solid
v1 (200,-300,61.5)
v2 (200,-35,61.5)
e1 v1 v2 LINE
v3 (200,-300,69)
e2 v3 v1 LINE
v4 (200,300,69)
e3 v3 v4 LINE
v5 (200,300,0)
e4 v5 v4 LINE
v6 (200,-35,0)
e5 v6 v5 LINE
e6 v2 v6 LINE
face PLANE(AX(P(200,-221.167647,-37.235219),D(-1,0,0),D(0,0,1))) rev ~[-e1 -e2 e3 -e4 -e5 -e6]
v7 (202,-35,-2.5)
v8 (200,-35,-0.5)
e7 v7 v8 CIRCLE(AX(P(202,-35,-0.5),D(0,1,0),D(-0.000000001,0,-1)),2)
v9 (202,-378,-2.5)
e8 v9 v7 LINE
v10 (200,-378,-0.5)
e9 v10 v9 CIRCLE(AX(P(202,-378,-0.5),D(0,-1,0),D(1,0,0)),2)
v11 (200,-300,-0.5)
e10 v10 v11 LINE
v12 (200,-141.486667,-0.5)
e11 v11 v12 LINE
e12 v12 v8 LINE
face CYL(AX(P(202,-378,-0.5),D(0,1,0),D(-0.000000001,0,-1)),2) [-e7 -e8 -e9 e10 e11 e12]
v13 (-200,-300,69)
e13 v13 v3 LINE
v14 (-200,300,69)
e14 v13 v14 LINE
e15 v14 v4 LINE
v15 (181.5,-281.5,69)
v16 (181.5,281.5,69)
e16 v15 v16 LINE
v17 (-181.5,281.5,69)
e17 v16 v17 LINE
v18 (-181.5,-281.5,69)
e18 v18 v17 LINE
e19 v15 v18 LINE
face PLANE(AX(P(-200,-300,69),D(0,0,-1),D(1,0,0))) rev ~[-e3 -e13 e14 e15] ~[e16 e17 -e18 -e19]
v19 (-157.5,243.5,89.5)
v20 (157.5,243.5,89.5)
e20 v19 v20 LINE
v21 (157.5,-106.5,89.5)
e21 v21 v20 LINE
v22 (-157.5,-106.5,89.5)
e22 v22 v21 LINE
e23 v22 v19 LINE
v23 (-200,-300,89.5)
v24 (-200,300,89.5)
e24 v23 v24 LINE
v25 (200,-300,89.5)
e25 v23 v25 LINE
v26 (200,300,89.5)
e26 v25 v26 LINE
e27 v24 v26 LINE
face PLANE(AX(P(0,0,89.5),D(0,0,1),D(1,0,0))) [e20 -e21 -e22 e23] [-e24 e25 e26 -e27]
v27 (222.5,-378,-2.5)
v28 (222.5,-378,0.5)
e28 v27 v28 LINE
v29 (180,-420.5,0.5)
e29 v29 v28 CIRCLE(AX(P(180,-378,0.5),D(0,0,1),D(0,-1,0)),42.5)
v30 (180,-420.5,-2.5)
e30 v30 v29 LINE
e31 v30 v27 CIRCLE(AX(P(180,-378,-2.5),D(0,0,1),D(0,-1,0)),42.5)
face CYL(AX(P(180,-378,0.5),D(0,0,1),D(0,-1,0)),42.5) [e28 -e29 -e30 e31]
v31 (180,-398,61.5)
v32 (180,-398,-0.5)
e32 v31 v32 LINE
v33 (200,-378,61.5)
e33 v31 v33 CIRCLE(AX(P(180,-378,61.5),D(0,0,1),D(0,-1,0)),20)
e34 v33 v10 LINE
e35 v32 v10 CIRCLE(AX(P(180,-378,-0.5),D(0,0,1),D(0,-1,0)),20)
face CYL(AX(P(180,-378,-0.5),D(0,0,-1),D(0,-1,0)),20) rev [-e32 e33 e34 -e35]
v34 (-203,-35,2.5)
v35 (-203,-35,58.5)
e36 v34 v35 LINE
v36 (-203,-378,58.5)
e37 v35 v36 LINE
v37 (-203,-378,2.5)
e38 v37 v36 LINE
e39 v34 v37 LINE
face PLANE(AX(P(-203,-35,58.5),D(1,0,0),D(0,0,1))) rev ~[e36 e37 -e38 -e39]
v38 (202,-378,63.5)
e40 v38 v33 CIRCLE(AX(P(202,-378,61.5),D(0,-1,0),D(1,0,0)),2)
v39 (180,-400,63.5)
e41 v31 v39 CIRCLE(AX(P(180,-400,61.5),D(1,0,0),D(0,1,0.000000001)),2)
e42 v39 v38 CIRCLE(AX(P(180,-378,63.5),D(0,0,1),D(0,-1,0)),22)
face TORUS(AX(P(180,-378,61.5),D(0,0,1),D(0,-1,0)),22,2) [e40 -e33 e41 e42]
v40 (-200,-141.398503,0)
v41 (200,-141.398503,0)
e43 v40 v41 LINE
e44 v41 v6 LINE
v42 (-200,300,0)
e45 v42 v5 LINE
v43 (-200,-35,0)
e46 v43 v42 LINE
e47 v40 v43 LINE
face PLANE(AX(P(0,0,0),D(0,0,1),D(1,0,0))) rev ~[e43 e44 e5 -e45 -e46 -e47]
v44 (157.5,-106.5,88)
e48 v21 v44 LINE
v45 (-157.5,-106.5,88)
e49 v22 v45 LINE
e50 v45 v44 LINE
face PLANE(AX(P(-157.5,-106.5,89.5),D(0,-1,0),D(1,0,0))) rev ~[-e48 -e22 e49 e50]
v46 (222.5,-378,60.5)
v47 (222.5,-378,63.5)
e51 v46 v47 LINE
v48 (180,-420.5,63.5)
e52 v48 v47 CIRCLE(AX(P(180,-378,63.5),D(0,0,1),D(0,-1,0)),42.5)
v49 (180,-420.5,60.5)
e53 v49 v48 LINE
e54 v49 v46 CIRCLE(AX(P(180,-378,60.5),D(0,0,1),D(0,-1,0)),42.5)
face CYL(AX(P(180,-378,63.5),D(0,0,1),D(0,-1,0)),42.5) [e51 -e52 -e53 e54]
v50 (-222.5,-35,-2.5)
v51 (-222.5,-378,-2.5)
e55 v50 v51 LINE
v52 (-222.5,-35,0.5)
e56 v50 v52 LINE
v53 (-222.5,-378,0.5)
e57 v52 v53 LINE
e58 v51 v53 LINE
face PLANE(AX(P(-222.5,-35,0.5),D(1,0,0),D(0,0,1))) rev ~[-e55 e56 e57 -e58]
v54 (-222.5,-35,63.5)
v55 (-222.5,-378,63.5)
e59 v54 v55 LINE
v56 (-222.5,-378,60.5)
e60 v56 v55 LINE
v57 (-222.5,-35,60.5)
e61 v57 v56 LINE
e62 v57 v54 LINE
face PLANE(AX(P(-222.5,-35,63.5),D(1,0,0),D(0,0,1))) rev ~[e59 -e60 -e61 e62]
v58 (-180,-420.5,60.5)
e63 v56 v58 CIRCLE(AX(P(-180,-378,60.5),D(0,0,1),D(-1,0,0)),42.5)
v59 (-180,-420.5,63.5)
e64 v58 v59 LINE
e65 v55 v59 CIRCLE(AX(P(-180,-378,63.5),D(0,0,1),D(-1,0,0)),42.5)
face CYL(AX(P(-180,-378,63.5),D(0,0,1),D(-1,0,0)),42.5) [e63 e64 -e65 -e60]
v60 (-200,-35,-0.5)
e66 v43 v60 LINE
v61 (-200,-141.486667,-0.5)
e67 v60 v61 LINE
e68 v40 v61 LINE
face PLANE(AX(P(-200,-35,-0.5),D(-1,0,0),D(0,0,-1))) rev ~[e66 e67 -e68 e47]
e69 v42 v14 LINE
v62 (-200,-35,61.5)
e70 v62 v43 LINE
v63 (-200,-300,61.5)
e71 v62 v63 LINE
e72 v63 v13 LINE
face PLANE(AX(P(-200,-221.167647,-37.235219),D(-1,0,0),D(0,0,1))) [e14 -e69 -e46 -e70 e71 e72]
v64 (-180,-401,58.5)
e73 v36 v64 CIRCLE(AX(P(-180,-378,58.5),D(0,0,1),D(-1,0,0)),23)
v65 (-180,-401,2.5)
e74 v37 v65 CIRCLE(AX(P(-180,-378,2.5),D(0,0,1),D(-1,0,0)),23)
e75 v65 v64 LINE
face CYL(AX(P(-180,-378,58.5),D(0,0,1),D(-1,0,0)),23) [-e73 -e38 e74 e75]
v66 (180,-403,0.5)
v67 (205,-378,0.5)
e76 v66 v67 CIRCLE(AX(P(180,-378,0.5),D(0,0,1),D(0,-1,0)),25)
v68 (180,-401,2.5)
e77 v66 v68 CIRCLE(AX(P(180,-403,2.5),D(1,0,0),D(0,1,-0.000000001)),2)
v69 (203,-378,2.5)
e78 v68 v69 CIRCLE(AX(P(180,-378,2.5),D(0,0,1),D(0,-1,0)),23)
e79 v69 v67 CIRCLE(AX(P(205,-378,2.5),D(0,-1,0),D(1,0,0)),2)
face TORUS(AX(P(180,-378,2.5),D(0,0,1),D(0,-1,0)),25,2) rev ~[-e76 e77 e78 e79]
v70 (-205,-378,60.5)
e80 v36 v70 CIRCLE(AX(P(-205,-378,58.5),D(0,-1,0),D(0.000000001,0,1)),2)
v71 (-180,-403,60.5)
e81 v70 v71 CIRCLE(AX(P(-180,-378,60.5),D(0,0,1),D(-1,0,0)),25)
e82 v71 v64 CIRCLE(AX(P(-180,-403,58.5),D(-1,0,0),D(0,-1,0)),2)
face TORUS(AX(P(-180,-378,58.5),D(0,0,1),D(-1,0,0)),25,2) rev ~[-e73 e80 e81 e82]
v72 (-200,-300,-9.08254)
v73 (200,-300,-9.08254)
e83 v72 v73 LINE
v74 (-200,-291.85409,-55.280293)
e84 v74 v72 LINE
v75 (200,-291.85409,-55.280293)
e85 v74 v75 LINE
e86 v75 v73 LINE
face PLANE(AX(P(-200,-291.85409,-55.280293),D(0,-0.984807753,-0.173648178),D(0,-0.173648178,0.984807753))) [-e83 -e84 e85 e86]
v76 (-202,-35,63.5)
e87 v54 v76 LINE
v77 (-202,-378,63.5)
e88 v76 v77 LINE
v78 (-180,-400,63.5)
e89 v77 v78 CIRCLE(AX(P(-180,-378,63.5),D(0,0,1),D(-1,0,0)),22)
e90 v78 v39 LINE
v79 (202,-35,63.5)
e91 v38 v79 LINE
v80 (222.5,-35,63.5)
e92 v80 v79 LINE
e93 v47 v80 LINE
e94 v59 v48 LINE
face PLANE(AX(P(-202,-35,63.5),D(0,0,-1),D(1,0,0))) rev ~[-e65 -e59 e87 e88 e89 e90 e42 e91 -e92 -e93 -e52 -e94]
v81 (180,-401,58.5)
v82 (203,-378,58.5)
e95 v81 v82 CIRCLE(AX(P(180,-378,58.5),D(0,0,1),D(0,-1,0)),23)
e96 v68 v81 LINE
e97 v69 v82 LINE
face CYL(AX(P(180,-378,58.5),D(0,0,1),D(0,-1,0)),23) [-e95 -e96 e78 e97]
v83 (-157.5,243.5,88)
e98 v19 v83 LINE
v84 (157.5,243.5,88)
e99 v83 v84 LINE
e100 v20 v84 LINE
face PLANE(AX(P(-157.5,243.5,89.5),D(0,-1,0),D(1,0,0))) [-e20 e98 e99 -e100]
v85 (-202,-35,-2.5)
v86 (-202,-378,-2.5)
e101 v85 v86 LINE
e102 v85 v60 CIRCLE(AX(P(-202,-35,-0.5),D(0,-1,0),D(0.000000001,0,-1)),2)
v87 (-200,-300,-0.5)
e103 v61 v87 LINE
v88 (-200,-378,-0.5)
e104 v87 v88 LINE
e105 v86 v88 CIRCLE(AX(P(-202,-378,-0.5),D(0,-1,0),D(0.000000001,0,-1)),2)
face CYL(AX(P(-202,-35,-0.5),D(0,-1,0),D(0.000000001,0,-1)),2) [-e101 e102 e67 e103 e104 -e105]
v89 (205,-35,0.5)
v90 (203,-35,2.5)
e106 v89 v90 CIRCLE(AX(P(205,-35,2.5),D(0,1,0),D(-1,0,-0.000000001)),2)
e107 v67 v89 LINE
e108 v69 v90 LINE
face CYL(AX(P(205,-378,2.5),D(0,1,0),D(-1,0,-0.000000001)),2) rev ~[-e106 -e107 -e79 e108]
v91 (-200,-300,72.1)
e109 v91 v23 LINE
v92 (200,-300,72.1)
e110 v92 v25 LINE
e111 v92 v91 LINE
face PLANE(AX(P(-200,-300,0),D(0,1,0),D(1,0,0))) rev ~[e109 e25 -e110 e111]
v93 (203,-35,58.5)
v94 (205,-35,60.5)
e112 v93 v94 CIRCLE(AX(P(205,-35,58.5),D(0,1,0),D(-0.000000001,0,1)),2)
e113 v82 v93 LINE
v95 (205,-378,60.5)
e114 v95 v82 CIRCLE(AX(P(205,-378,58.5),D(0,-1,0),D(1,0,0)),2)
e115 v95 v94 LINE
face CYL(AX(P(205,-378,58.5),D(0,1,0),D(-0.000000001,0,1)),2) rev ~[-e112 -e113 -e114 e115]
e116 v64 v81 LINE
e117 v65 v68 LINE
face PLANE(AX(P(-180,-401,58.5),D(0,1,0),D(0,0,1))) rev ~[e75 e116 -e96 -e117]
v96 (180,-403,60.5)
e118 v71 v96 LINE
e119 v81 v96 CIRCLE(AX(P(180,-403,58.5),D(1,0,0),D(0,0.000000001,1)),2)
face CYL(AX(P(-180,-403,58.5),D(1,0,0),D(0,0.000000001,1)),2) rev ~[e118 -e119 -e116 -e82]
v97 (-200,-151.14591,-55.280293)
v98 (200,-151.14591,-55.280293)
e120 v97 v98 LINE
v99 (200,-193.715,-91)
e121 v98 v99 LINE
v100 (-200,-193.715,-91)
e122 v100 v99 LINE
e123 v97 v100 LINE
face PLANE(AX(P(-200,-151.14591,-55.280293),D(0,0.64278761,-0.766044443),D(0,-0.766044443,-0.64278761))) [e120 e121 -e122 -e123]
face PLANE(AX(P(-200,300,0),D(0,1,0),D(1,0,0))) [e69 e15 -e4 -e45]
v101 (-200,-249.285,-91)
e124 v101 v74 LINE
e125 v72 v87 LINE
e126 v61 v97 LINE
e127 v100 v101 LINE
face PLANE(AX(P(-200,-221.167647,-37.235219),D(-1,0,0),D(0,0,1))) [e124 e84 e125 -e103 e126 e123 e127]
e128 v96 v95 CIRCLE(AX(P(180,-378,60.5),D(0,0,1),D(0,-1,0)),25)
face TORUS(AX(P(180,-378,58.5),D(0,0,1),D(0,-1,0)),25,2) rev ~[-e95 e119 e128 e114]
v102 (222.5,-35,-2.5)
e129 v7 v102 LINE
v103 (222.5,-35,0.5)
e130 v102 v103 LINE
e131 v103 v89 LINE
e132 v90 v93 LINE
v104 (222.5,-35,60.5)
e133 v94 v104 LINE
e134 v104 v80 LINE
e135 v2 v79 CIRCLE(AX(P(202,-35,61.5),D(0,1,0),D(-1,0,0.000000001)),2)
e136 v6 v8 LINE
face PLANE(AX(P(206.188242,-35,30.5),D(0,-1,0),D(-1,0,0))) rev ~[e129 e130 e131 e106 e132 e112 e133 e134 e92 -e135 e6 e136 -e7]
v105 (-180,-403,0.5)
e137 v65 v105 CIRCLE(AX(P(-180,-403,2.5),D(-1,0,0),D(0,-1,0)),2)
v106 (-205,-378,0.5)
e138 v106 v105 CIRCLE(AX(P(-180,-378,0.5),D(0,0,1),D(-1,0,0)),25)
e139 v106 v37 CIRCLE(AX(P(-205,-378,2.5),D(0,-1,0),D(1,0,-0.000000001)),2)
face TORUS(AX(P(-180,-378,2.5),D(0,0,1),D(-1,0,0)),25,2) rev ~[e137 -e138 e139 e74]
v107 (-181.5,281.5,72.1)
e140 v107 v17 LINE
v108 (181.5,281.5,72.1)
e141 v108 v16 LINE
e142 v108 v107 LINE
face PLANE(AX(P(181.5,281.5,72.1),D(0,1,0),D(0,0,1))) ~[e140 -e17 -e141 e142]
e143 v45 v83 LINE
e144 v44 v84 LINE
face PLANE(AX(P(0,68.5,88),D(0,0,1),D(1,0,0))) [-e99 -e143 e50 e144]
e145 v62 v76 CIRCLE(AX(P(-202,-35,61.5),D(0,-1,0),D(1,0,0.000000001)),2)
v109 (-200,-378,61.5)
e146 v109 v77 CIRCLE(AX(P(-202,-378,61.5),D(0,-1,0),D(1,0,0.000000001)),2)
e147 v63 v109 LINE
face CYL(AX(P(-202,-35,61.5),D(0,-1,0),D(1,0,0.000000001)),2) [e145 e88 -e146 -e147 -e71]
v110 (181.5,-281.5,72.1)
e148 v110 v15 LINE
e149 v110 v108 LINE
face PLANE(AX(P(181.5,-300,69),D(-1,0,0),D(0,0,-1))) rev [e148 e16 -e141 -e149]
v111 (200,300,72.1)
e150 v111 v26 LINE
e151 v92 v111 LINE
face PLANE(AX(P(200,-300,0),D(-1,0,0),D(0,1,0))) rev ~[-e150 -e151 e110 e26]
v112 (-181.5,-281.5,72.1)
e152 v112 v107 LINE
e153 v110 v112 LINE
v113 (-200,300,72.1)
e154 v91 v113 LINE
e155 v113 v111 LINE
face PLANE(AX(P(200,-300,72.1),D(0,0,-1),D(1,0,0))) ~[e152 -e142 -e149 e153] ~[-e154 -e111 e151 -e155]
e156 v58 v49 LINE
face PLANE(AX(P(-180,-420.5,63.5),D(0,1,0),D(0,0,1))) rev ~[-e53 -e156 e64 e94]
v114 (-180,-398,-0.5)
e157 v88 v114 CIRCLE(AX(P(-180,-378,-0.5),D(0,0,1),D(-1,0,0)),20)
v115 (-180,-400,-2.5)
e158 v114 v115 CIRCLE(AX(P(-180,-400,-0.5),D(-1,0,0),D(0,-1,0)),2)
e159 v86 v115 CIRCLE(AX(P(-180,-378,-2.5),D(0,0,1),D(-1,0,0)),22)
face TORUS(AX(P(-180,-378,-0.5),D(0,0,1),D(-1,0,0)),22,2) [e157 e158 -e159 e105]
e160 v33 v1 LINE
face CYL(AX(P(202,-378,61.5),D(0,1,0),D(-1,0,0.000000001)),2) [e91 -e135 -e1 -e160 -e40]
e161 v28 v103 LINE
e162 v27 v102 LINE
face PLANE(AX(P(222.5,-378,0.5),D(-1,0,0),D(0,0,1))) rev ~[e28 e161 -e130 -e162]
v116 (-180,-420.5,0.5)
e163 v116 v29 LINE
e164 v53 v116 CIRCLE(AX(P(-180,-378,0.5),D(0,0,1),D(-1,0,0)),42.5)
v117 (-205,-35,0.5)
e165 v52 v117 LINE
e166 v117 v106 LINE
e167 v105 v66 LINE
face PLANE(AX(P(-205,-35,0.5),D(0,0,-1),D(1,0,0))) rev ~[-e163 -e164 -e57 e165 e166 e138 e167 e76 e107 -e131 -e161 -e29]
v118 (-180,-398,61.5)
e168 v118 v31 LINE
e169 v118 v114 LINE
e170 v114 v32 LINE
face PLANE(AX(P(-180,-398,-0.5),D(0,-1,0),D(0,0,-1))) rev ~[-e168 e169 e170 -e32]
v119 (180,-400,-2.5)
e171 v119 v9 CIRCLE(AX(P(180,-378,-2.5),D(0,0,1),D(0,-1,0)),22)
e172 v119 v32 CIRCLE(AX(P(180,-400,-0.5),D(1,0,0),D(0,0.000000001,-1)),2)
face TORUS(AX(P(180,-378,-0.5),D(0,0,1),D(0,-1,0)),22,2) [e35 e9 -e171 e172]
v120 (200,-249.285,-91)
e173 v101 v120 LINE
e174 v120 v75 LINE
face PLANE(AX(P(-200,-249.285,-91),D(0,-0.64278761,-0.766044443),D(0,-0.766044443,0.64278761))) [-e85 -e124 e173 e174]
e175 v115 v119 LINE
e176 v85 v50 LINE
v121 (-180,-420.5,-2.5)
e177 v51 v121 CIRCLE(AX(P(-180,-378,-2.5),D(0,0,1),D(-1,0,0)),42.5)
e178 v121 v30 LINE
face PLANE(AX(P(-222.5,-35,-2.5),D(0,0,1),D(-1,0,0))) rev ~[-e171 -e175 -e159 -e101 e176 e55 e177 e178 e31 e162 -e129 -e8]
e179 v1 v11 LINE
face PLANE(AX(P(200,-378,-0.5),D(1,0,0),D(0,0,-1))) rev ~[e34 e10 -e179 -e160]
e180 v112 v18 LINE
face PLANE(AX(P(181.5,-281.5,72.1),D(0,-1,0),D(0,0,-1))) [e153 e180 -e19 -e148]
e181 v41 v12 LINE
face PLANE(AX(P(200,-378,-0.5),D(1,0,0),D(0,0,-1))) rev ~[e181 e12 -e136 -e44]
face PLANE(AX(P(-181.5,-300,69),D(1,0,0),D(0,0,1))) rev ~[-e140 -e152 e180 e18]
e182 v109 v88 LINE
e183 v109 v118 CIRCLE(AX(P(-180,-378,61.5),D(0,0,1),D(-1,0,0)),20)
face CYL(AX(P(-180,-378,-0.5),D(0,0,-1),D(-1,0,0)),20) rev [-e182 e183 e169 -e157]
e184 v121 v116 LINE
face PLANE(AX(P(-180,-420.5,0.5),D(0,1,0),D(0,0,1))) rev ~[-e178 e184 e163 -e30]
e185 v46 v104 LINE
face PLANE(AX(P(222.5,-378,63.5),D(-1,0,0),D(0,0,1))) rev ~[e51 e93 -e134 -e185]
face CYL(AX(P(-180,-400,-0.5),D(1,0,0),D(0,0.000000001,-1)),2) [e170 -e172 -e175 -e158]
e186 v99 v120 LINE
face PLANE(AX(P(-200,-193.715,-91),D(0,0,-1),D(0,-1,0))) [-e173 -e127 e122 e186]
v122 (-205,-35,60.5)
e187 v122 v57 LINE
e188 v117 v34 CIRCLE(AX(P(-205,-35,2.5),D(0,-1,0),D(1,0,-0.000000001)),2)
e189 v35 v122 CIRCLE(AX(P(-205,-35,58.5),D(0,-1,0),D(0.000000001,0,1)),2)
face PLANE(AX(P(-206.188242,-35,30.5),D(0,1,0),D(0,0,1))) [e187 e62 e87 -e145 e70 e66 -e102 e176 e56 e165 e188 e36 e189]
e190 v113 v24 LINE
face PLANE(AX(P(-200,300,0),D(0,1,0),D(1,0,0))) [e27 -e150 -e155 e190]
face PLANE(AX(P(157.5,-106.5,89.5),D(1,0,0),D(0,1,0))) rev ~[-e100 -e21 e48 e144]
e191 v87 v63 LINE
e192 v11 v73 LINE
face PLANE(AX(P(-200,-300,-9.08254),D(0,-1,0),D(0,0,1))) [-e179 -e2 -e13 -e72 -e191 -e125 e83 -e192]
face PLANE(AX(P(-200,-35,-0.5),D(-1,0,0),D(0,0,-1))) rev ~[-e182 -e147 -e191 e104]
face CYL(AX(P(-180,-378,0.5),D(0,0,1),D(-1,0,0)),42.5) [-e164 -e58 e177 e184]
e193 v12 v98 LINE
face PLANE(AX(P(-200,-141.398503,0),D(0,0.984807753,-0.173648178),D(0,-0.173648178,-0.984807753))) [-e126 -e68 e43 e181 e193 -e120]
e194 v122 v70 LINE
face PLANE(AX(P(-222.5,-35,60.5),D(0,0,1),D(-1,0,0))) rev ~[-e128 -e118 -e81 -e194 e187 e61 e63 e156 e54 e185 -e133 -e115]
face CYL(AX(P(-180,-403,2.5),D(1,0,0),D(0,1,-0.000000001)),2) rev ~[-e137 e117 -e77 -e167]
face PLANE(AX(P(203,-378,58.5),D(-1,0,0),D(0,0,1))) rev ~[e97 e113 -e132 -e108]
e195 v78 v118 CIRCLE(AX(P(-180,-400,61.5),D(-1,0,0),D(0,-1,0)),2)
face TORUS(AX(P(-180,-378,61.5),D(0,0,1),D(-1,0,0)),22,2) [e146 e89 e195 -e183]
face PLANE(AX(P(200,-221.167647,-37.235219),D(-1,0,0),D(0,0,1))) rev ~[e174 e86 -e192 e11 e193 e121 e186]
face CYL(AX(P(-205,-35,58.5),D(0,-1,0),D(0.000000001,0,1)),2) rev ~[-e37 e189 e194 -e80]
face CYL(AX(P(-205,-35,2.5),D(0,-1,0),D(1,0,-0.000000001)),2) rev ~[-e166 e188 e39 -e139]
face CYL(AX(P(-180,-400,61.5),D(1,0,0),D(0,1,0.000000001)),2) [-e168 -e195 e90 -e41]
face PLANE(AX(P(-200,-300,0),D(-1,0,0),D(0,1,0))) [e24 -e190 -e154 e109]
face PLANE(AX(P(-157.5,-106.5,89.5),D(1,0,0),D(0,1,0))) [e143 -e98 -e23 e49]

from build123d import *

# Parameters (mm, degrees)
SKETCH1_W           = 400
SKETCH1_H           = 600
BOSS_EXTRUDE1_DEPTH = 89.5
SKETCH2_W           = 315
SKETCH2_H           = 350
CUT_EXTRUDE1_DEPTH  = 1.5
SKETCH3_W           = 18.5
SKETCH3_H           = 3.1
CUT_EXTRUDE2_DEPTH  = 600
SKETCH5_W           = 3.1
SKETCH5_H           = 18.5
CUT_EXTRUDE3_DEPTH  = 363
BOSS_EXTRUDE2_DEPTH = 400


with BuildPart() as part:
    # Sketch1 → Boss-Extrude1 (new body)
    with BuildSketch(Plane.XY):
        Rectangle(SKETCH1_W, SKETCH1_H)
    extrude(amount=BOSS_EXTRUDE1_DEPTH)

    # Sketch2 → Cut-Extrude1 (cut)
    with BuildSketch(Plane.XY.offset(89.5)):
        with Locations((0, 68.5)):
            Rectangle(SKETCH2_W, SKETCH2_H)
    extrude(amount=-CUT_EXTRUDE1_DEPTH, mode=Mode.SUBTRACT)

    # Sketch3 → Cut-Extrude2 (cut)
    with BuildSketch(Plane.XZ.offset(300)):
        with Locations((-190.75, 70.55)):
            Rectangle(SKETCH3_W, SKETCH3_H)
    cut_extrude2 = extrude(amount=-CUT_EXTRUDE2_DEPTH, mode=Mode.SUBTRACT)

    # Mirror1: Cut-Extrude2 across plane
    add(cut_extrude2.mirror(Plane(origin=(0, 0, 0), x_dir=(0, 0, 1), z_dir=(1, 0, 0))), mode=Mode.SUBTRACT)

    # Sketch5 → Cut-Extrude3 (cut)
    with BuildSketch(Plane(origin=(181.5, 0, 0), x_dir=(0, 0, -1), z_dir=(1, 0, 0))):
        with Locations((-70.55, -290.75)):
            Rectangle(SKETCH5_W, SKETCH5_H)
    cut_extrude3 = extrude(amount=-CUT_EXTRUDE3_DEPTH, mode=Mode.SUBTRACT)

    # Mirror2: Cut-Extrude3 across plane
    add(cut_extrude3.mirror(Plane.ZX), mode=Mode.SUBTRACT)

    # Sketch12 → Boss-Extrude2 (add)
    with BuildSketch(Plane.ZY.offset(200)):
        Polygon((-55.28029253, -151.145910296), (-91, -193.715), (-91, -249.285), (-55.28029253, -291.854089704), (-9.082539564, -300), (0, -300), (0, -141.398503221), align=None)
    extrude(amount=-BOSS_EXTRUDE2_DEPTH)

    # Sweep1: sweep along a path in Sketch11
    with BuildLine(Plane.XY) as sweep1_path:
        Line((-200, -35), (-200, -378))
        ThreePointArc((-200, -378), (-194.142135624, -392.142135624), (-180, -398))
        Line((-180, -398), (180, -398))
        ThreePointArc((180, -398), (194.142135624, -392.142135624), (200, -378))
        Line((200, -378), (200, -35))
    # Sketch10 → Sweep1 (sweep)
    with BuildSketch(Plane(origin=(0, -35, 0), x_dir=(1, 0, 0), z_dir=(0, 1, 0))):
        with BuildLine():
            Line((-200, 0.5), (-200, -61.5))
            ThreePointArc((-200, -61.5), (-200.585786438, -62.914213562), (-202, -63.5))
            Line((-202, -63.5), (-222.5, -63.5))
            Line((-222.5, -63.5), (-222.5, -60.5))
            Line((-222.5, -60.5), (-205, -60.5))
            ThreePointArc((-205, -60.5), (-203.585786438, -59.914213562), (-203, -58.5))
            Line((-203, -58.5), (-203, -2.5))
            ThreePointArc((-203, -2.5), (-203.585786438, -1.085786438), (-205, -0.5))
            Line((-205, -0.5), (-222.5, -0.5))
            Line((-222.5, -0.5), (-222.5, 2.5))
            Line((-222.5, 2.5), (-202, 2.5))
            ThreePointArc((-202, 2.5), (-200.585786438, 1.914213562), (-200, 0.5))
        make_face()
    sweep(path=sweep1_path.line)


solid = part.part
